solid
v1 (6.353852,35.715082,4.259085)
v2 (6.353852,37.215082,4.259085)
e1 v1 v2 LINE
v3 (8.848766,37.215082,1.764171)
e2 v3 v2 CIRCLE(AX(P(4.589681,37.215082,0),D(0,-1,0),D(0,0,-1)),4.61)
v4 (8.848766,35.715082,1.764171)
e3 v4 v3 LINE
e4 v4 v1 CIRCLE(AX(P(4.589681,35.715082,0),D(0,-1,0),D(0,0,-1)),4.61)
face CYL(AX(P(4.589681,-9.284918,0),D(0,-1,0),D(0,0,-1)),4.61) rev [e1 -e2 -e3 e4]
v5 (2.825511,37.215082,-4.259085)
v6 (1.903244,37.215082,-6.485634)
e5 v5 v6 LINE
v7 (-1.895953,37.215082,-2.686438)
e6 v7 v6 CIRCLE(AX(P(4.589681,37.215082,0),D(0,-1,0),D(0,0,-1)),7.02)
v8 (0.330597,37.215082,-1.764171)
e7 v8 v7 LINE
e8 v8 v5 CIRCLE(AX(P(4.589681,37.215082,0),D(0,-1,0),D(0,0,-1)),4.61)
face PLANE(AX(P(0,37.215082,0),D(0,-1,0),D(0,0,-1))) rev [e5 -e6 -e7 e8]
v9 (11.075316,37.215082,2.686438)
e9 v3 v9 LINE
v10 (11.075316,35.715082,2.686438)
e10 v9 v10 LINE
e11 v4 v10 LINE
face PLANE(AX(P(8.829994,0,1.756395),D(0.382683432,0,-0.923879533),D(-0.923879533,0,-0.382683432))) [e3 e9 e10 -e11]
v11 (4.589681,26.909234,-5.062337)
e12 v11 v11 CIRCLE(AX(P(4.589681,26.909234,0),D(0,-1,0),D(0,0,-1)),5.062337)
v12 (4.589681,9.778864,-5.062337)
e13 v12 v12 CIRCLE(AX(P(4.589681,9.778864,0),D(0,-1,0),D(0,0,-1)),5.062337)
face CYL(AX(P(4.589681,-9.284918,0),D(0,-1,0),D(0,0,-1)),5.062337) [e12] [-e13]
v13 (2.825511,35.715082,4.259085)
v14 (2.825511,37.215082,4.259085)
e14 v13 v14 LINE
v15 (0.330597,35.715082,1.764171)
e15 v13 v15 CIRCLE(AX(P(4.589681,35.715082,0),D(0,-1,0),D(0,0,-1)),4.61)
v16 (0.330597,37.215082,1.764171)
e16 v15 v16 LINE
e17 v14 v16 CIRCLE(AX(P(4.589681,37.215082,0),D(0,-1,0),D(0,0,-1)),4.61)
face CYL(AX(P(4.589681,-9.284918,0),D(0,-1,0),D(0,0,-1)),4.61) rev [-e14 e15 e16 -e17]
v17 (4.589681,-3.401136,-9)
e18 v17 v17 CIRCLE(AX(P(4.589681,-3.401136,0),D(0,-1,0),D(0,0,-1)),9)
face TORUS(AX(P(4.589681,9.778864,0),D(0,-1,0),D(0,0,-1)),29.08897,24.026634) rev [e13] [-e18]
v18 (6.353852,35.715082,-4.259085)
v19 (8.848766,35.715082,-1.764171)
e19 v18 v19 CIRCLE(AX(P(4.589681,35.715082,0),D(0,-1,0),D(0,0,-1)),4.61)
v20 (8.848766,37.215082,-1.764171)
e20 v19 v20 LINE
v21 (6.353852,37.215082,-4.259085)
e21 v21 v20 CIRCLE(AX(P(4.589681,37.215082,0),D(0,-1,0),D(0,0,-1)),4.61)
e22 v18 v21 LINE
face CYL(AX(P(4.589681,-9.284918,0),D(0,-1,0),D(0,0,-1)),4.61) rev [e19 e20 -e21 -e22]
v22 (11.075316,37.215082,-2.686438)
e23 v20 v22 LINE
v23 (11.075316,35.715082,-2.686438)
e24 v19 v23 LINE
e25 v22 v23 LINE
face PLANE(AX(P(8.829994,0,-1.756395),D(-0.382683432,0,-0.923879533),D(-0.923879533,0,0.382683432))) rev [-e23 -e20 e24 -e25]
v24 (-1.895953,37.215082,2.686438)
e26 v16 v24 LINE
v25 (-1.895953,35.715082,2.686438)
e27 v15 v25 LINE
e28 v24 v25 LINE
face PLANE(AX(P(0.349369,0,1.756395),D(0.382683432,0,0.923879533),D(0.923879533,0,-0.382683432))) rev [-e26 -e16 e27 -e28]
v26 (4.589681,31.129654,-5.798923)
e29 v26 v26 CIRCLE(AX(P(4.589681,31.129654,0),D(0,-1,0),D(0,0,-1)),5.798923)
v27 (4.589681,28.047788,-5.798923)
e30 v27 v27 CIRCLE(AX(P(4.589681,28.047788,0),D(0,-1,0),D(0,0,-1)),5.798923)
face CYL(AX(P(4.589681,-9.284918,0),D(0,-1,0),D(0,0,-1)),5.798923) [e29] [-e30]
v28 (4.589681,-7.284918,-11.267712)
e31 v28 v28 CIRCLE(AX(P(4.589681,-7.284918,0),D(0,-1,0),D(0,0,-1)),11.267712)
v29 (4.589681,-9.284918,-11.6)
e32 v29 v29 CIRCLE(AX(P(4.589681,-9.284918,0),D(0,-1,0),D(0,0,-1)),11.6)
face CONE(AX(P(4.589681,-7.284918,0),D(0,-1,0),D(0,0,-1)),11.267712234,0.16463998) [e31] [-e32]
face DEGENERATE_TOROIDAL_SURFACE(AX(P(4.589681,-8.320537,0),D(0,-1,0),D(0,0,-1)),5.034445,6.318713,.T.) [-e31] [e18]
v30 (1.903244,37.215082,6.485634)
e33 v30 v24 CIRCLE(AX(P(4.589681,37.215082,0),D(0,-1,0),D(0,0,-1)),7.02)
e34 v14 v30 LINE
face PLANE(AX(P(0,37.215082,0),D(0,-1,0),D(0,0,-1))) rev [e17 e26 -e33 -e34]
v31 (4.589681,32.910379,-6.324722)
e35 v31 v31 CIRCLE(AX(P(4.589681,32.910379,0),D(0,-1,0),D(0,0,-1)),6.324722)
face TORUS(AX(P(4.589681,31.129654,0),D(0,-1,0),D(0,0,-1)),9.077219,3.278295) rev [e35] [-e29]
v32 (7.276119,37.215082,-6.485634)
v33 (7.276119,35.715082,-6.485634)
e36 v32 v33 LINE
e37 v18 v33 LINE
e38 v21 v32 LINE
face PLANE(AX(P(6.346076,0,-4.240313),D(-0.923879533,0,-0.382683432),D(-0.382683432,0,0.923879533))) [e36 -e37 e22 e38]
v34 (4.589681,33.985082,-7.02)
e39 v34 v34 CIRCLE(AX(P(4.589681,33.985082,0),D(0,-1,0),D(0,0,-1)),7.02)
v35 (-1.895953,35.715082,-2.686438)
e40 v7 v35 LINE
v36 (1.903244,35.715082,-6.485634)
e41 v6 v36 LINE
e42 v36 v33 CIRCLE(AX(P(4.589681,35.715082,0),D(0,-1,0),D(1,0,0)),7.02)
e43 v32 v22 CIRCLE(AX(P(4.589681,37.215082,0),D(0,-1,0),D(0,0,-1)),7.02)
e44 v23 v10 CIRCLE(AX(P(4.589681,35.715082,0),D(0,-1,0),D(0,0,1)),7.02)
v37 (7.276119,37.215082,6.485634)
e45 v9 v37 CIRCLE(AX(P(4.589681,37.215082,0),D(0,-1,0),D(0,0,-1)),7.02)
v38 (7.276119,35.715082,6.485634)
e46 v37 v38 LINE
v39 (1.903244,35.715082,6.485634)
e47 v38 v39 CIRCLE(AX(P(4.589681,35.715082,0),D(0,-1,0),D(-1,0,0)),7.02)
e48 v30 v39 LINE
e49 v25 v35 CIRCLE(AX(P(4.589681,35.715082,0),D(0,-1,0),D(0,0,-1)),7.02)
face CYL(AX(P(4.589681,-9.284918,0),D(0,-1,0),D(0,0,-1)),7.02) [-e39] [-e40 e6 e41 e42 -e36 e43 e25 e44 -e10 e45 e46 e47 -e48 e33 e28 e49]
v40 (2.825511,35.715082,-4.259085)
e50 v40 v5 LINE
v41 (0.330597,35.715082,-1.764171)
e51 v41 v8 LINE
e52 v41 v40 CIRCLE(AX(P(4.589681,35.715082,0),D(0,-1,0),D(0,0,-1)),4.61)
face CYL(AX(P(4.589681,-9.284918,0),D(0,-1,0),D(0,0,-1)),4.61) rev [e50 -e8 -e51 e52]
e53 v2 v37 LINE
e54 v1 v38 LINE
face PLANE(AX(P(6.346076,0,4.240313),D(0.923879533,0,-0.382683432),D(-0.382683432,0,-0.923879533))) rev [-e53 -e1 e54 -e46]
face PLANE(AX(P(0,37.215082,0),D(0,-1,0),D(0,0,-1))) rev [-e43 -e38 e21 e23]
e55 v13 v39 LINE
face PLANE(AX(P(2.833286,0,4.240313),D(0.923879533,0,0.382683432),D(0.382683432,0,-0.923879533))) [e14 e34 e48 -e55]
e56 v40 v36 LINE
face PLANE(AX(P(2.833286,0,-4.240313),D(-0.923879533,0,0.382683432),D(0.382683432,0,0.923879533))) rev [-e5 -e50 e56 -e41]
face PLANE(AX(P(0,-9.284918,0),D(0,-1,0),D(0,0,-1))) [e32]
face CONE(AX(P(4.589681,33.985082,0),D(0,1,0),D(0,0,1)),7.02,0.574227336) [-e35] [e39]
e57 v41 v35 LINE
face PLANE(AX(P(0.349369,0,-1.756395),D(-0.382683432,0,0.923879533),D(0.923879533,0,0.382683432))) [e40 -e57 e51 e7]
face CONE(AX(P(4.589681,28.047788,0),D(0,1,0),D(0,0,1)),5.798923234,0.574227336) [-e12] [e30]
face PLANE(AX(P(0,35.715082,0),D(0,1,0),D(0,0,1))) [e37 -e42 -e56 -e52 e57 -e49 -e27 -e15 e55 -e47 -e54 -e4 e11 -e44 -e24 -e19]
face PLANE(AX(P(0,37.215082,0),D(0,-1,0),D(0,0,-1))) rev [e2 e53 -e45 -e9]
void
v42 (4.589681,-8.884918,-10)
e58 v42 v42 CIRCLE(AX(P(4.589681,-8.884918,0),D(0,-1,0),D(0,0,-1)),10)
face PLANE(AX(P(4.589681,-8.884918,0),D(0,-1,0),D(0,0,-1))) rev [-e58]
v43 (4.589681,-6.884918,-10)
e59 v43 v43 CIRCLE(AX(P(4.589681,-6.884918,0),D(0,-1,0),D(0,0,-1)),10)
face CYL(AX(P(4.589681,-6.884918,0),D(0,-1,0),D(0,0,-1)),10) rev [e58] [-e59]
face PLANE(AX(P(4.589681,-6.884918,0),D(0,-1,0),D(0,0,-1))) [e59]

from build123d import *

# Parameters (mm, degrees)
SKETCH1_3_W        = 2.41
SKETCH1_3_H        = 1.5
CUT_REVOLVE1_ANGLE = 45
CIRPATTERN1_COUNT  = 4
CUT_EXTRUDE1_START = -0.4
SKETCH2_R          = 10
CUT_EXTRUDE1_DEPTH = 2


with BuildPart() as part:
    # Sketch1 → Revolve5 (revolve)
    with BuildSketch(Plane.XY):
        with BuildLine():
            Line((-7.010318738, -9.284917782), (4.589681262, -9.284917782))
            Line((4.589681262, -9.284917782), (4.589681262, 35.715082218))
            Line((4.589681262, 35.715082218), (-0.020318738, 35.715082218))
            Line((-0.020318738, 35.715082218), (-0.020318738, 37.215082218))
            Line((-0.020318738, 37.215082218), (-2.430318738, 37.215082218))
            Line((-2.430318738, 37.215082218), (-2.430318738, 33.985082218))
            Line((-2.430318738, 33.985082218), (-1.735040384, 32.910378534))
            ThreePointArc((-1.735040384, 32.910378534), (-1.343438221, 32.058018495), (-1.209241973, 31.129653665))
            Line((-1.209241973, 31.129653665), (-1.209241973, 28.047788417))
            Line((-1.209241973, 28.047788417), (-0.472655293, 26.909233745))
            Line((-0.472655293, 26.909233745), (-0.472655293, 9.778863627))
            ThreePointArc((-0.472655293, 9.778863627), (-1.478108998, 2.901044306), (-4.410318738, -3.401136412))
            ThreePointArc((-4.410318738, -3.401136412), (-5.901404916, -5.134443013), (-6.678030973, -7.284917782))
            Line((-6.678030973, -7.284917782), (-7.010318738, -9.284917782))
        make_face()
    revolve(axis=Axis((4.589681262, -9.284917782, 0), (0, 1, 0)))

    # Sketch1<3> → Cut-Revolve1 (revolve, symmetric, cut)
    with BuildSketch(Plane.XY) as cut_revolve1_sk:
        with Locations((-1.225318738, 36.465082218)):
            Rectangle(SKETCH1_3_W, SKETCH1_3_H)
    cut_revolve1 = revolve(axis=Axis((4.589681262, -9.284917782, 0), (0, 1, 0)), revolution_arc=CUT_REVOLVE1_ANGLE / 2, mode=Mode.SUBTRACT)
    cut_revolve1 = cut_revolve1 + revolve(cut_revolve1_sk.sketch, axis=Axis((4.589681262, -9.284917782, 0), (0, -1, 0)), revolution_arc=CUT_REVOLVE1_ANGLE / 2, mode=Mode.SUBTRACT)

    # CirPattern1: Cut-Revolve1 ×4 about axis
    cirpattern1_axis = Axis((4.589681262, -9.284917782, 0), (0, 1, 0))
    for i in range(1, CIRPATTERN1_COUNT):
        add(cut_revolve1.rotate(cirpattern1_axis, i * 360 / CIRPATTERN1_COUNT), mode=Mode.SUBTRACT)

    # Sketch2 → Cut-Extrude1 (cut)
    with BuildSketch(Plane.XZ.offset(9.284917782).offset(CUT_EXTRUDE1_START)):
        with Locations((4.589681262, 0)):
            Circle(SKETCH2_R)
    extrude(amount=-CUT_EXTRUDE1_DEPTH, mode=Mode.SUBTRACT)


solid = part.part
